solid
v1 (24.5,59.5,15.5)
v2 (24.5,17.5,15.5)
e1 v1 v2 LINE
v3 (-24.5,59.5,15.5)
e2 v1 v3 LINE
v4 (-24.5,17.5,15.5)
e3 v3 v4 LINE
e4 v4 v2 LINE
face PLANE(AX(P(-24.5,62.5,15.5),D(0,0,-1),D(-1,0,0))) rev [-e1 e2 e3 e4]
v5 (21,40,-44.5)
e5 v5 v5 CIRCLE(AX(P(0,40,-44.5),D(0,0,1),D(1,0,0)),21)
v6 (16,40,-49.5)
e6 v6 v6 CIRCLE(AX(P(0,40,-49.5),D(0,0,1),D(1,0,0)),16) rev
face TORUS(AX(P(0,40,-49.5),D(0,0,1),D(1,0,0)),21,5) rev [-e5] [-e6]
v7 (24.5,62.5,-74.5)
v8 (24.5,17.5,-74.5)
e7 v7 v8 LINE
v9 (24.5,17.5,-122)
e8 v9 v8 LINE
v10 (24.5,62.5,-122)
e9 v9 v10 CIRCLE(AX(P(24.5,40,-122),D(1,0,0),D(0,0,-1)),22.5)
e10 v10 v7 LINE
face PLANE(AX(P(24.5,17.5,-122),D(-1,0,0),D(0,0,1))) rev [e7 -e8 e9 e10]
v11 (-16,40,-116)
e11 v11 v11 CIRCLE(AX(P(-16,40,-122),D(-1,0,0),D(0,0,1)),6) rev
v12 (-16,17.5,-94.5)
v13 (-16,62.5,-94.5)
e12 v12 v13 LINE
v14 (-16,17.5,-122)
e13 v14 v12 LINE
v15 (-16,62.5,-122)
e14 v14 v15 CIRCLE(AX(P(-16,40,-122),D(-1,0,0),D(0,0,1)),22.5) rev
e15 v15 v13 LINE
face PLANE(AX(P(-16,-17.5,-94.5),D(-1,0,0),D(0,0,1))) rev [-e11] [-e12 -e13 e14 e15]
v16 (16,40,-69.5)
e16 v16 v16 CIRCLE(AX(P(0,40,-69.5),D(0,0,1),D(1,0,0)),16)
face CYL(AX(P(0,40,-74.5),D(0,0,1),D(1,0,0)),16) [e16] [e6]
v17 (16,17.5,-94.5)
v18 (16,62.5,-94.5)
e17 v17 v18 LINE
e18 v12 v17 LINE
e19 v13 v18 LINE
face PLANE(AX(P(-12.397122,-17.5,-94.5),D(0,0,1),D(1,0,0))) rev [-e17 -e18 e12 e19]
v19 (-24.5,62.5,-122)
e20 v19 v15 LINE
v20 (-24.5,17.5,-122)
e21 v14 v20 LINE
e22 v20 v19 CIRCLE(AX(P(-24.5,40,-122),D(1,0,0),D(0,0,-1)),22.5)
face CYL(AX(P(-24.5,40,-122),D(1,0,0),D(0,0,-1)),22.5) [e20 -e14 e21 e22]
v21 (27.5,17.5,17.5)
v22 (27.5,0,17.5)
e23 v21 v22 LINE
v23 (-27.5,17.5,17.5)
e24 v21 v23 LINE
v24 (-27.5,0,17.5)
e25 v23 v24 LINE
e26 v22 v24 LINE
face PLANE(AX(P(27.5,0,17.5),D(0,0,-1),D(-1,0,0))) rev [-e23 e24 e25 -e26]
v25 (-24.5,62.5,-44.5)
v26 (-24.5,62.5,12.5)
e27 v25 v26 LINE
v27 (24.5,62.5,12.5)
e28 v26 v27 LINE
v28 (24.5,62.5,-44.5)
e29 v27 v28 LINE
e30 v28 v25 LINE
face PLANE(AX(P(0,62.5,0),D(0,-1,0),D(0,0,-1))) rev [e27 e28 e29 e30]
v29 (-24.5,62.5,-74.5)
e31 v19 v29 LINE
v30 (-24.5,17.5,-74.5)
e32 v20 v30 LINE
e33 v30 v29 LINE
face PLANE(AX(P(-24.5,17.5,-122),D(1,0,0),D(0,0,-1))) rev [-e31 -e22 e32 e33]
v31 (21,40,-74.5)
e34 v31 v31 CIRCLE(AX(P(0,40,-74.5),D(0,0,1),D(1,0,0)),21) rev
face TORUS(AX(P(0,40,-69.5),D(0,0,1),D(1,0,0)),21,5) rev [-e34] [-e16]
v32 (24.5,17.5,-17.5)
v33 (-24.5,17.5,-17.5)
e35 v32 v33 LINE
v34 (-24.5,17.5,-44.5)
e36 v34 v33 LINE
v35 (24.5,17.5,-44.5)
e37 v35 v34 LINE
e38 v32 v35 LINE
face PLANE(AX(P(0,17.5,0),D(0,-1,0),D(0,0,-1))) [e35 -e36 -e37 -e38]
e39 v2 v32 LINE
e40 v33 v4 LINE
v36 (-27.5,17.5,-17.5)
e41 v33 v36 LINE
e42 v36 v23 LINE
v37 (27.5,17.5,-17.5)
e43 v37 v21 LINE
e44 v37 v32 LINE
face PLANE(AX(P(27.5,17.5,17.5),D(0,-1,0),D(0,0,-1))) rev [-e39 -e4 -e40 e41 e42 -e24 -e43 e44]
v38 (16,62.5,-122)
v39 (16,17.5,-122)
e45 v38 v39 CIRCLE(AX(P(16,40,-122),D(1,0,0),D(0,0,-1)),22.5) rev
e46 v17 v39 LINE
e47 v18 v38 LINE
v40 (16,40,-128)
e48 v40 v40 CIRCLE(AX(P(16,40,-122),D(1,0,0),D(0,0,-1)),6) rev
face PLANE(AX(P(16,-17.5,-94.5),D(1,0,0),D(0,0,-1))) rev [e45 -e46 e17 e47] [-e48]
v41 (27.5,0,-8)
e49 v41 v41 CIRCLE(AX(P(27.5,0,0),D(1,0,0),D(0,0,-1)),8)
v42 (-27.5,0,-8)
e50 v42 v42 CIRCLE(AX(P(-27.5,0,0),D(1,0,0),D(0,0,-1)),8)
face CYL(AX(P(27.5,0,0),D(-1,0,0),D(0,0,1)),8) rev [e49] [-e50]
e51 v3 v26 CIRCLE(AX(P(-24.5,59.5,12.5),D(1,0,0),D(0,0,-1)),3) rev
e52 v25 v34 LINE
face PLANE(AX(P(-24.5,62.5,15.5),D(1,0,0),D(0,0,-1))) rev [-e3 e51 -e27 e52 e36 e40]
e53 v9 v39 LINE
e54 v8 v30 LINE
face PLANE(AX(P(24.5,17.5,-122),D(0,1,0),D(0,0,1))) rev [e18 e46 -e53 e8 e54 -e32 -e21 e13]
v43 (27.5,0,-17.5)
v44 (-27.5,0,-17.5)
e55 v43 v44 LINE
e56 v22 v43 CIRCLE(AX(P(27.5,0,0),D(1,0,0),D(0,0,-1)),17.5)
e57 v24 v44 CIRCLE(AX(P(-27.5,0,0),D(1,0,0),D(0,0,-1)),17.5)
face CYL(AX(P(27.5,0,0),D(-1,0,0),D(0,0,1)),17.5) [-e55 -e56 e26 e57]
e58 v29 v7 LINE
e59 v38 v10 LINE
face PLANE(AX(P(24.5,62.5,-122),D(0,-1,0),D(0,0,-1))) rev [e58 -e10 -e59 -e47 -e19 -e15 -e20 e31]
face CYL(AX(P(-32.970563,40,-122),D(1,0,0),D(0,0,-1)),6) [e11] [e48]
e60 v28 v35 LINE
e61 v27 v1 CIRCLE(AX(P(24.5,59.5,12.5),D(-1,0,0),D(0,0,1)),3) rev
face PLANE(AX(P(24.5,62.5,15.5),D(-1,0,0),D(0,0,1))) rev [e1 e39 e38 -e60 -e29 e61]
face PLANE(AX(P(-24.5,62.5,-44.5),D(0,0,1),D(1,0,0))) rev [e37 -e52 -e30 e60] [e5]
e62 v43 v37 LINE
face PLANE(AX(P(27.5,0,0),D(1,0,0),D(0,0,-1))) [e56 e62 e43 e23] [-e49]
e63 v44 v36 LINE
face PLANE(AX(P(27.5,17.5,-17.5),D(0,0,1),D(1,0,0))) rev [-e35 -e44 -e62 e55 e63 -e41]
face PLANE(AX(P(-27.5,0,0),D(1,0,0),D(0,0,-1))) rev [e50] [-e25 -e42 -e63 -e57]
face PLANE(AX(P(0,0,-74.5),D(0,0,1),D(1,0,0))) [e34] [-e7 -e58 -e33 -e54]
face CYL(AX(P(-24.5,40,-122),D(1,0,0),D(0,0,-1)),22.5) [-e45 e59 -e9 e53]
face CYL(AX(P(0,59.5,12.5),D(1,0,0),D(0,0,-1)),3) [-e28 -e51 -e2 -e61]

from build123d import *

# Parameters (mm, degrees)
SKETCH1_R           = 8
BOSS_EXTRUDE1_DEPTH = 27.5
SKETCH2_W           = 49
SKETCH2_H           = 60
BOSS_EXTRUDE2_DEPTH = 45
SKETCH3_R           = 16
BOSS_EXTRUDE3_DEPTH = 30
SKETCH4_W           = 49
SKETCH4_H           = 45
BOSS_EXTRUDE4_DEPTH = 47.5
BOSS_EXTRUDE5_DEPTH = 49
SKETCH6_W           = 24.794244746
SKETCH6_H           = 50
CUT_EXTRUDE1_DEPTH  = 81
SKETCH7_R           = 6
CUT_EXTRUDE2_DEPTH  = 53
SKETCH8_R           = 6
BOSS_EXTRUDE6_DEPTH = 49
FILLET1_R           = 5
FILLET2_R           = 5
FILLET4_R           = 3
CUT_EXTRUDE4_DEPTH  = 81
SKETCH12_R          = 6
BOSS_EXTRUDE7_DEPTH = 32


with BuildPart() as part:
    # Sketch1 → Boss-Extrude1 (new body, symmetric)
    with BuildSketch(Plane(origin=(0, 0, 0), x_dir=(0, 0, -1), z_dir=(1, 0, 0))):
        with BuildLine():
            Line((-17.5, 0), (-17.5, 17.5))
            Line((-17.5, 17.5), (17.5, 17.5))
            Line((17.5, 17.5), (17.5, 0))
            ThreePointArc((17.5, 0), (0, -17.5), (-17.5, 0))
        make_face()
        Circle(SKETCH1_R, mode=Mode.SUBTRACT)
    extrude(amount=BOSS_EXTRUDE1_DEPTH, both=True)

    # Sketch2 → Boss-Extrude2 (add)
    with BuildSketch(Plane(origin=(0, 17.5, 0), x_dir=(1, 0, 0), z_dir=(0, 1, 0))):
        with Locations((0, 14.5)):
            Rectangle(SKETCH2_W, SKETCH2_H)
    extrude(amount=BOSS_EXTRUDE2_DEPTH)

    # Sketch3 → Boss-Extrude3 (add)
    with BuildSketch(Plane(origin=(0, 0, -44.5), x_dir=(-1, 0, 0), z_dir=(0, 0, -1))):
        with Locations((0, 40)):
            Circle(SKETCH3_R)
    extrude(amount=BOSS_EXTRUDE3_DEPTH)

    # Sketch4 → Boss-Extrude4 (add)
    with BuildSketch(Plane(origin=(0, 0, -74.5), x_dir=(-1, 0, 0), z_dir=(0, 0, -1))):
        with Locations((0, 40)):
            Rectangle(SKETCH4_W, SKETCH4_H)
    extrude(amount=BOSS_EXTRUDE4_DEPTH)

    # Sketch5 → Boss-Extrude5 (add)
    with BuildSketch(Plane(origin=(24.5, 0, 0), x_dir=(0, 0, -1), z_dir=(1, 0, 0))):
        with BuildLine():
            Line((122, 62.5), (122, 17.5))
            ThreePointArc((122, 17.5), (144.5, 40), (122, 62.5))
        make_face()
    extrude(amount=-BOSS_EXTRUDE5_DEPTH)

    # Sketch6 → Cut-Extrude1 (cut, through all)
    with BuildSketch(Plane(origin=(0, 62.5, 0), x_dir=(1, 0, 0), z_dir=(0, 1, 0))):
        with Locations((0, 119.5)):
            Rectangle(SKETCH6_W, SKETCH6_H)
    extrude(amount=-CUT_EXTRUDE1_DEPTH, mode=Mode.SUBTRACT)

    # Sketch7 → Cut-Extrude2 (cut, through all)
    with BuildSketch(Plane(origin=(24.5, 0, 0), x_dir=(0, 0, -1), z_dir=(1, 0, 0))):
        with Locations((122, 40)):
            Circle(SKETCH7_R)
    extrude(amount=-CUT_EXTRUDE2_DEPTH, mode=Mode.SUBTRACT)

    # Sketch8 → Boss-Extrude6 (add)
    with BuildSketch(Plane(origin=(24.5, 0, 0), x_dir=(0, 0, -1), z_dir=(1, 0, 0))):
        with Locations((122, 40)):
            Circle(SKETCH8_R)
    extrude(amount=-BOSS_EXTRUDE6_DEPTH)

    # Fillet1
    fillet1_edges = [part.edges().sort_by_distance(p)[0] for p in [
        (16, 40, -44.5),
    ]]
    fillet(fillet1_edges, radius=FILLET1_R)

    # Fillet2
    fillet2_edges = [part.edges().sort_by_distance(p)[0] for p in [
        (16, 40, -74.5),
    ]]
    fillet(fillet2_edges, radius=FILLET2_R)

    # Fillet4
    fillet4_edges = [part.edges().sort_by_distance(p)[0] for p in [
        (0, 62.5, 15.5),
    ]]
    fillet(fillet4_edges, radius=FILLET4_R)

    # Sketch10 → Cut-Extrude4 (cut, through all)
    with BuildSketch(Plane(origin=(0, 62.5, 0), x_dir=(1, 0, 0), z_dir=(0, 1, 0))):
        Polygon((16, 94.5), (16, 144.5), (-16, 144.5), (-16, 97.685176626), (-16, 94.5), align=None)
    extrude(amount=-CUT_EXTRUDE4_DEPTH, mode=Mode.SUBTRACT)

    # Sketch12 → Boss-Extrude7 (add)
    with BuildSketch(Plane.ZY.offset(-16)):
        with Locations((-122, 40)):
            Circle(SKETCH12_R)
    extrude(amount=BOSS_EXTRUDE7_DEPTH)


solid = part.part
